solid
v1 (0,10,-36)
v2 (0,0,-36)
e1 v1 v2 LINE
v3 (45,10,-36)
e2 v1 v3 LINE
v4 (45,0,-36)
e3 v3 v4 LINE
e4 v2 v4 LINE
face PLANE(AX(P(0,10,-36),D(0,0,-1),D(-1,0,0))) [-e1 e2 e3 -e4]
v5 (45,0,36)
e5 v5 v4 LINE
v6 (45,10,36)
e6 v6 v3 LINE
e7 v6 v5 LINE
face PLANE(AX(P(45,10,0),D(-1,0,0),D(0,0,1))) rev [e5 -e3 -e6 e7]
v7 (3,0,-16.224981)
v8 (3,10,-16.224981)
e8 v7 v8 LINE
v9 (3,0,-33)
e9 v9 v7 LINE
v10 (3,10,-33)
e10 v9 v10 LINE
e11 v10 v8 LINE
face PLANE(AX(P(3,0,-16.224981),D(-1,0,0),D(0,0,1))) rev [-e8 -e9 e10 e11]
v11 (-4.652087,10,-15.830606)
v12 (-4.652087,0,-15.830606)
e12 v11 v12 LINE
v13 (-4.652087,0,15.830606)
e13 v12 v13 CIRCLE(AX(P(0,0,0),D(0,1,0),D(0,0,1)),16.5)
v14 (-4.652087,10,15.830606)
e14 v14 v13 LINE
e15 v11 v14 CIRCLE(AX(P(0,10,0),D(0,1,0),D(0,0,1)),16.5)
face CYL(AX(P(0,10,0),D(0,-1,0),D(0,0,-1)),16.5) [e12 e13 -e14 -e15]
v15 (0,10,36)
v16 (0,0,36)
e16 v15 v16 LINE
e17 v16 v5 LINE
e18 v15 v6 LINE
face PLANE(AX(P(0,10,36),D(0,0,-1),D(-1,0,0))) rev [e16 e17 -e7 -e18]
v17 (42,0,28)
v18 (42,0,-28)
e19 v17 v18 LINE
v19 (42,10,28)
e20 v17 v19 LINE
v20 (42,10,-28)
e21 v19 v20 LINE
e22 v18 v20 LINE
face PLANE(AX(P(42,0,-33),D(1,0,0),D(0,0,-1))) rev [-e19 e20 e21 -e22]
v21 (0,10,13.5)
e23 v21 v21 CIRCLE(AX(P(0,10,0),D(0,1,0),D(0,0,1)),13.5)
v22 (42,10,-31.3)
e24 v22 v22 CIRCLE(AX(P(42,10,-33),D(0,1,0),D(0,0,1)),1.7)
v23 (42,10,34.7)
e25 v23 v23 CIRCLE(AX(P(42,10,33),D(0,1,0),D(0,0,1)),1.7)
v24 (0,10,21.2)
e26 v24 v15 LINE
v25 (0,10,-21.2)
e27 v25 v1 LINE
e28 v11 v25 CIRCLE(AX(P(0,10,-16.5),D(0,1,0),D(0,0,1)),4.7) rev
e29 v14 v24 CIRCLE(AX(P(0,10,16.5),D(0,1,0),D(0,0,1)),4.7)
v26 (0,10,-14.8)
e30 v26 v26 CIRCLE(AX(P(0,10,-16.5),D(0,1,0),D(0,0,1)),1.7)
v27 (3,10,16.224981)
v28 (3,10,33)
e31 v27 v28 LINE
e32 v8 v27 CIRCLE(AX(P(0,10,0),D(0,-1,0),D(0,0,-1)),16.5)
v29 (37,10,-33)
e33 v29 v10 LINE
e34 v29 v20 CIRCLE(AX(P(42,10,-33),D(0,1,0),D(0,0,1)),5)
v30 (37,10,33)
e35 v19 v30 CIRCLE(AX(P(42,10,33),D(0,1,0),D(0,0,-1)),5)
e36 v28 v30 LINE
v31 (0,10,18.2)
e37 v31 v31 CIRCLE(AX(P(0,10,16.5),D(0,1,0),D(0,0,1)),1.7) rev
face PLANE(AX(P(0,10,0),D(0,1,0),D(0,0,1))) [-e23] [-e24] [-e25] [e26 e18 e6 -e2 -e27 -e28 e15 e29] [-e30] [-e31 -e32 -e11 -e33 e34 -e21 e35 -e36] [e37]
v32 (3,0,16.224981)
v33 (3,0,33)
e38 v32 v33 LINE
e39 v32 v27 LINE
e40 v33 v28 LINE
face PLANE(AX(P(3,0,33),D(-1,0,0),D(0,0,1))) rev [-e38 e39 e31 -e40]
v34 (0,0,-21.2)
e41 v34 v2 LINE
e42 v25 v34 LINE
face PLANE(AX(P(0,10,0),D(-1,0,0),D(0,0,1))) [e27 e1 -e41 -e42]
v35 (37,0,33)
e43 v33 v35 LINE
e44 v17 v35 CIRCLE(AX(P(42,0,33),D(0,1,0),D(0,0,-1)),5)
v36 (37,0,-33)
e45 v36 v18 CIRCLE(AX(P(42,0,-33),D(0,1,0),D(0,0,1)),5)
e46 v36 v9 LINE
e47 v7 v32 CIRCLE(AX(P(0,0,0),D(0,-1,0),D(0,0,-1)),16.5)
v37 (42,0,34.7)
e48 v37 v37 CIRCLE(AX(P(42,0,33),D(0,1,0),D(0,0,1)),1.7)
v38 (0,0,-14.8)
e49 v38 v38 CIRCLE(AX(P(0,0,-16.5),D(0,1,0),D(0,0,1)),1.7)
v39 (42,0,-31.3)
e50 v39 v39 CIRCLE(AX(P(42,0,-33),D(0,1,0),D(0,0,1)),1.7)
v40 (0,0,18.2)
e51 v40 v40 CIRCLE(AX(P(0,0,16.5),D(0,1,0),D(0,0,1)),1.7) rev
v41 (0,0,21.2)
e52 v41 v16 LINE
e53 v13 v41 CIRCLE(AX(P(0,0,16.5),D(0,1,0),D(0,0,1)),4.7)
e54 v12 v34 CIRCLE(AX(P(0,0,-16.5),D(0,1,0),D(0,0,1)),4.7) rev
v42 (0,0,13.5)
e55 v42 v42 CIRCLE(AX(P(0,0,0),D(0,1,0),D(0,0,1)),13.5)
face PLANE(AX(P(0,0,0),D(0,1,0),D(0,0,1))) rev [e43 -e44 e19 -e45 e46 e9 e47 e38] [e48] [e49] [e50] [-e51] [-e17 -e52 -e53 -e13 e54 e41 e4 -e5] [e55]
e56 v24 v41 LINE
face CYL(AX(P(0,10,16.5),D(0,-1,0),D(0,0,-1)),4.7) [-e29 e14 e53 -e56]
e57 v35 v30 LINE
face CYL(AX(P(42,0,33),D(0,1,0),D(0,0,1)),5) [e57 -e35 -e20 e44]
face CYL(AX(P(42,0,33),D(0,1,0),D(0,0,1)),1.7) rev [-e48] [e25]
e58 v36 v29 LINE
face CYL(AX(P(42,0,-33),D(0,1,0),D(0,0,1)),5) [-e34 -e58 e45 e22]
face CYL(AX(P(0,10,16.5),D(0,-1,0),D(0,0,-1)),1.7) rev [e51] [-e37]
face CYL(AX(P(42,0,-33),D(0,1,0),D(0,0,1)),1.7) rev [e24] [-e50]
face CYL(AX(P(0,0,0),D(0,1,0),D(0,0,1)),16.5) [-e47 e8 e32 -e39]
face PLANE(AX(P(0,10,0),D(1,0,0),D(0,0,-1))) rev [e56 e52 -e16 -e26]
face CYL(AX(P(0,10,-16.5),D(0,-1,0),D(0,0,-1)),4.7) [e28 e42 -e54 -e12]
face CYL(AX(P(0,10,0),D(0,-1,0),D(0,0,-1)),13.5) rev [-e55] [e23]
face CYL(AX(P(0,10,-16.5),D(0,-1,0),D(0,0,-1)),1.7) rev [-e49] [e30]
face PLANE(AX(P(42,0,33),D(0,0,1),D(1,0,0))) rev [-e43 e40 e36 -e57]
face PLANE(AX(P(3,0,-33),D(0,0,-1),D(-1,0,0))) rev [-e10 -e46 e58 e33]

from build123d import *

# Parameters (mm, degrees)
SKETCH2_R           = 13.5
BOSS_EXTRUDE2_DEPTH = 10
CUT_EXTRUDE1_DEPTH  = 59.489315264
BOSS_EXTRUDE3_DEPTH = 10
SKETCH5_R           = 1.7
CUT_EXTRUDE3_DEPTH  = 59.489315264


with BuildPart() as part:
    # Sketch2 → Boss-Extrude2 (new body)
    # profile 1 of 4: a face of its own
    with BuildSketch(Plane(origin=(0, 0, 0), x_dir=(1, 0, 0), z_dir=(0, 1, 0))):
        with BuildLine():
            ThreePointArc((4.652086817, 15.830606061), (3.552193091, 19.577649142), (0, 21.2))
            ThreePointArc((0, 21.2), (-3.552193091, 19.577649142), (-4.652086817, 15.830606061))
            ThreePointArc((-4.652086817, 15.830606061), (-3.188214551, 16.189048396), (-1.697742762, 16.412424242))
            ThreePointArc((-1.697742762, 16.412424242), (-0.043802421, 18.199435597), (1.7, 16.5))
            ThreePointArc((1.7, 16.5), (1.699435597, 16.456197579), (1.697742762, 16.412424242))
            ThreePointArc((1.697742762, 16.412424242), (3.188214551, 16.189048396), (4.652086817, 15.830606061))
        make_face()
    # profile 2 of 4: a face of its own
    with BuildSketch(Plane(origin=(0, 0, 0), x_dir=(1, 0, 0), z_dir=(0, 1, 0))):
        with BuildLine():
            ThreePointArc((-1.697742762, 16.412424242), (-3.188214551, 16.189048396), (-4.652086817, 15.830606061))
            ThreePointArc((-4.652086817, 15.830606061), (-16.5, 0), (-4.652086817, -15.830606061))
            ThreePointArc((-4.652086817, -15.830606061), (-3.188214551, -16.189048396), (-1.697742762, -16.412424242))
            ThreePointArc((-1.697742762, -16.412424242), (0, -14.8), (1.697742762, -16.412424242))
            ThreePointArc((1.697742762, -16.412424242), (3.188214551, -16.189048396), (4.652086817, -15.830606061))
            ThreePointArc((4.652086817, -15.830606061), (16.5, 0), (4.652086817, 15.830606061))
            ThreePointArc((4.652086817, 15.830606061), (3.188214551, 16.189048396), (1.697742762, 16.412424242))
            ThreePointArc((1.697742762, 16.412424242), (0, 14.8), (-1.697742762, 16.412424242))
        make_face()
        with Locations(Location((0, 0, 0), (0, 0, 270))):
            Circle(SKETCH2_R, mode=Mode.SUBTRACT)
    # profile 3 of 4: a face of its own
    with BuildSketch(Plane(origin=(0, 0, 0), x_dir=(1, 0, 0), z_dir=(0, 1, 0))):
        with BuildLine():
            ThreePointArc((-1.697742762, -16.412424242), (-3.188214551, -16.189048396), (-4.652086817, -15.830606061))
            ThreePointArc((-4.652086817, -15.830606061), (-3.552193091, -19.577649142), (0, -21.2))
            ThreePointArc((0, -21.2), (3.552193091, -19.577649142), (4.652086817, -15.830606061))
            ThreePointArc((4.652086817, -15.830606061), (3.188214551, -16.189048396), (1.697742762, -16.412424242))
            ThreePointArc((1.697742762, -16.412424242), (1.699435597, -16.456197579), (1.7, -16.5))
            ThreePointArc((1.7, -16.5), (-0.043802421, -18.199435597), (-1.697742762, -16.412424242))
        make_face()
    # profile 4 of 4: a face of its own
    with BuildSketch(Plane(origin=(0, 0, 0), x_dir=(1, 0, 0), z_dir=(0, 1, 0))):
        with BuildLine():
            Line((0, 36), (0, 21.2))
            ThreePointArc((0, 21.2), (3.552193091, 19.577649142), (4.652086817, 15.830606061))
            ThreePointArc((4.652086817, 15.830606061), (16.5, 0), (4.652086817, -15.830606061))
            ThreePointArc((4.652086817, -15.830606061), (3.552193091, -19.577649142), (0, -21.2))
            Line((0, -21.2), (0, -36))
            Line((0, -36), (45, -36))
            Line((45, -36), (45, 36))
            Line((45, 36), (0, 36))
        make_face()
    extrude(amount=BOSS_EXTRUDE2_DEPTH)

    # Sketch3 → Cut-Extrude1 (cut, through all)
    with BuildSketch(Plane(origin=(0, 10, 0), x_dir=(1, 0, 0), z_dir=(0, 1, 0))):
        with BuildLine():
            Line((3, 16.22498074), (3, 33))
            Line((3, 33), (42, 33))
            Line((42, 33), (42, -33))
            Line((42, -33), (3, -33))
            Line((3, -33), (3, -16.22498074))
            ThreePointArc((3, -16.22498074), (16.5, 0), (3, 16.22498074))
        make_face()
    extrude(amount=-CUT_EXTRUDE1_DEPTH, mode=Mode.SUBTRACT)

    # Sketch4 → Boss-Extrude3 (add, through all)
    with BuildSketch(Plane(origin=(0, 10, 0), x_dir=(1, 0, 0), z_dir=(0, 1, 0))):
        with BuildLine():
            Line((37, -33), (42, -33))
            Line((42, -33), (42, -28))
            ThreePointArc((42, -28), (38.464466094, -29.464466094), (37, -33))
        make_face()
        with BuildLine():
            Line((37, 33), (42, 33))
            Line((42, 33), (42, 28))
            ThreePointArc((42, 28), (38.464466094, 29.464466094), (37, 33))
        make_face()
    extrude(amount=-BOSS_EXTRUDE3_DEPTH)

    # Sketch5 → Cut-Extrude3 (cut, through all)
    with BuildSketch(Plane(origin=(0, 10, 0), x_dir=(1, 0, 0), z_dir=(0, 1, 0))):
        with Locations(Location((42, 33, 0), (0, 0, 270))):
            Circle(SKETCH5_R)
        with Locations(Location((42, -33, 0), (0, 0, 270))):
            Circle(SKETCH5_R)
    extrude(amount=-CUT_EXTRUDE3_DEPTH, mode=Mode.SUBTRACT)


solid = part.part
